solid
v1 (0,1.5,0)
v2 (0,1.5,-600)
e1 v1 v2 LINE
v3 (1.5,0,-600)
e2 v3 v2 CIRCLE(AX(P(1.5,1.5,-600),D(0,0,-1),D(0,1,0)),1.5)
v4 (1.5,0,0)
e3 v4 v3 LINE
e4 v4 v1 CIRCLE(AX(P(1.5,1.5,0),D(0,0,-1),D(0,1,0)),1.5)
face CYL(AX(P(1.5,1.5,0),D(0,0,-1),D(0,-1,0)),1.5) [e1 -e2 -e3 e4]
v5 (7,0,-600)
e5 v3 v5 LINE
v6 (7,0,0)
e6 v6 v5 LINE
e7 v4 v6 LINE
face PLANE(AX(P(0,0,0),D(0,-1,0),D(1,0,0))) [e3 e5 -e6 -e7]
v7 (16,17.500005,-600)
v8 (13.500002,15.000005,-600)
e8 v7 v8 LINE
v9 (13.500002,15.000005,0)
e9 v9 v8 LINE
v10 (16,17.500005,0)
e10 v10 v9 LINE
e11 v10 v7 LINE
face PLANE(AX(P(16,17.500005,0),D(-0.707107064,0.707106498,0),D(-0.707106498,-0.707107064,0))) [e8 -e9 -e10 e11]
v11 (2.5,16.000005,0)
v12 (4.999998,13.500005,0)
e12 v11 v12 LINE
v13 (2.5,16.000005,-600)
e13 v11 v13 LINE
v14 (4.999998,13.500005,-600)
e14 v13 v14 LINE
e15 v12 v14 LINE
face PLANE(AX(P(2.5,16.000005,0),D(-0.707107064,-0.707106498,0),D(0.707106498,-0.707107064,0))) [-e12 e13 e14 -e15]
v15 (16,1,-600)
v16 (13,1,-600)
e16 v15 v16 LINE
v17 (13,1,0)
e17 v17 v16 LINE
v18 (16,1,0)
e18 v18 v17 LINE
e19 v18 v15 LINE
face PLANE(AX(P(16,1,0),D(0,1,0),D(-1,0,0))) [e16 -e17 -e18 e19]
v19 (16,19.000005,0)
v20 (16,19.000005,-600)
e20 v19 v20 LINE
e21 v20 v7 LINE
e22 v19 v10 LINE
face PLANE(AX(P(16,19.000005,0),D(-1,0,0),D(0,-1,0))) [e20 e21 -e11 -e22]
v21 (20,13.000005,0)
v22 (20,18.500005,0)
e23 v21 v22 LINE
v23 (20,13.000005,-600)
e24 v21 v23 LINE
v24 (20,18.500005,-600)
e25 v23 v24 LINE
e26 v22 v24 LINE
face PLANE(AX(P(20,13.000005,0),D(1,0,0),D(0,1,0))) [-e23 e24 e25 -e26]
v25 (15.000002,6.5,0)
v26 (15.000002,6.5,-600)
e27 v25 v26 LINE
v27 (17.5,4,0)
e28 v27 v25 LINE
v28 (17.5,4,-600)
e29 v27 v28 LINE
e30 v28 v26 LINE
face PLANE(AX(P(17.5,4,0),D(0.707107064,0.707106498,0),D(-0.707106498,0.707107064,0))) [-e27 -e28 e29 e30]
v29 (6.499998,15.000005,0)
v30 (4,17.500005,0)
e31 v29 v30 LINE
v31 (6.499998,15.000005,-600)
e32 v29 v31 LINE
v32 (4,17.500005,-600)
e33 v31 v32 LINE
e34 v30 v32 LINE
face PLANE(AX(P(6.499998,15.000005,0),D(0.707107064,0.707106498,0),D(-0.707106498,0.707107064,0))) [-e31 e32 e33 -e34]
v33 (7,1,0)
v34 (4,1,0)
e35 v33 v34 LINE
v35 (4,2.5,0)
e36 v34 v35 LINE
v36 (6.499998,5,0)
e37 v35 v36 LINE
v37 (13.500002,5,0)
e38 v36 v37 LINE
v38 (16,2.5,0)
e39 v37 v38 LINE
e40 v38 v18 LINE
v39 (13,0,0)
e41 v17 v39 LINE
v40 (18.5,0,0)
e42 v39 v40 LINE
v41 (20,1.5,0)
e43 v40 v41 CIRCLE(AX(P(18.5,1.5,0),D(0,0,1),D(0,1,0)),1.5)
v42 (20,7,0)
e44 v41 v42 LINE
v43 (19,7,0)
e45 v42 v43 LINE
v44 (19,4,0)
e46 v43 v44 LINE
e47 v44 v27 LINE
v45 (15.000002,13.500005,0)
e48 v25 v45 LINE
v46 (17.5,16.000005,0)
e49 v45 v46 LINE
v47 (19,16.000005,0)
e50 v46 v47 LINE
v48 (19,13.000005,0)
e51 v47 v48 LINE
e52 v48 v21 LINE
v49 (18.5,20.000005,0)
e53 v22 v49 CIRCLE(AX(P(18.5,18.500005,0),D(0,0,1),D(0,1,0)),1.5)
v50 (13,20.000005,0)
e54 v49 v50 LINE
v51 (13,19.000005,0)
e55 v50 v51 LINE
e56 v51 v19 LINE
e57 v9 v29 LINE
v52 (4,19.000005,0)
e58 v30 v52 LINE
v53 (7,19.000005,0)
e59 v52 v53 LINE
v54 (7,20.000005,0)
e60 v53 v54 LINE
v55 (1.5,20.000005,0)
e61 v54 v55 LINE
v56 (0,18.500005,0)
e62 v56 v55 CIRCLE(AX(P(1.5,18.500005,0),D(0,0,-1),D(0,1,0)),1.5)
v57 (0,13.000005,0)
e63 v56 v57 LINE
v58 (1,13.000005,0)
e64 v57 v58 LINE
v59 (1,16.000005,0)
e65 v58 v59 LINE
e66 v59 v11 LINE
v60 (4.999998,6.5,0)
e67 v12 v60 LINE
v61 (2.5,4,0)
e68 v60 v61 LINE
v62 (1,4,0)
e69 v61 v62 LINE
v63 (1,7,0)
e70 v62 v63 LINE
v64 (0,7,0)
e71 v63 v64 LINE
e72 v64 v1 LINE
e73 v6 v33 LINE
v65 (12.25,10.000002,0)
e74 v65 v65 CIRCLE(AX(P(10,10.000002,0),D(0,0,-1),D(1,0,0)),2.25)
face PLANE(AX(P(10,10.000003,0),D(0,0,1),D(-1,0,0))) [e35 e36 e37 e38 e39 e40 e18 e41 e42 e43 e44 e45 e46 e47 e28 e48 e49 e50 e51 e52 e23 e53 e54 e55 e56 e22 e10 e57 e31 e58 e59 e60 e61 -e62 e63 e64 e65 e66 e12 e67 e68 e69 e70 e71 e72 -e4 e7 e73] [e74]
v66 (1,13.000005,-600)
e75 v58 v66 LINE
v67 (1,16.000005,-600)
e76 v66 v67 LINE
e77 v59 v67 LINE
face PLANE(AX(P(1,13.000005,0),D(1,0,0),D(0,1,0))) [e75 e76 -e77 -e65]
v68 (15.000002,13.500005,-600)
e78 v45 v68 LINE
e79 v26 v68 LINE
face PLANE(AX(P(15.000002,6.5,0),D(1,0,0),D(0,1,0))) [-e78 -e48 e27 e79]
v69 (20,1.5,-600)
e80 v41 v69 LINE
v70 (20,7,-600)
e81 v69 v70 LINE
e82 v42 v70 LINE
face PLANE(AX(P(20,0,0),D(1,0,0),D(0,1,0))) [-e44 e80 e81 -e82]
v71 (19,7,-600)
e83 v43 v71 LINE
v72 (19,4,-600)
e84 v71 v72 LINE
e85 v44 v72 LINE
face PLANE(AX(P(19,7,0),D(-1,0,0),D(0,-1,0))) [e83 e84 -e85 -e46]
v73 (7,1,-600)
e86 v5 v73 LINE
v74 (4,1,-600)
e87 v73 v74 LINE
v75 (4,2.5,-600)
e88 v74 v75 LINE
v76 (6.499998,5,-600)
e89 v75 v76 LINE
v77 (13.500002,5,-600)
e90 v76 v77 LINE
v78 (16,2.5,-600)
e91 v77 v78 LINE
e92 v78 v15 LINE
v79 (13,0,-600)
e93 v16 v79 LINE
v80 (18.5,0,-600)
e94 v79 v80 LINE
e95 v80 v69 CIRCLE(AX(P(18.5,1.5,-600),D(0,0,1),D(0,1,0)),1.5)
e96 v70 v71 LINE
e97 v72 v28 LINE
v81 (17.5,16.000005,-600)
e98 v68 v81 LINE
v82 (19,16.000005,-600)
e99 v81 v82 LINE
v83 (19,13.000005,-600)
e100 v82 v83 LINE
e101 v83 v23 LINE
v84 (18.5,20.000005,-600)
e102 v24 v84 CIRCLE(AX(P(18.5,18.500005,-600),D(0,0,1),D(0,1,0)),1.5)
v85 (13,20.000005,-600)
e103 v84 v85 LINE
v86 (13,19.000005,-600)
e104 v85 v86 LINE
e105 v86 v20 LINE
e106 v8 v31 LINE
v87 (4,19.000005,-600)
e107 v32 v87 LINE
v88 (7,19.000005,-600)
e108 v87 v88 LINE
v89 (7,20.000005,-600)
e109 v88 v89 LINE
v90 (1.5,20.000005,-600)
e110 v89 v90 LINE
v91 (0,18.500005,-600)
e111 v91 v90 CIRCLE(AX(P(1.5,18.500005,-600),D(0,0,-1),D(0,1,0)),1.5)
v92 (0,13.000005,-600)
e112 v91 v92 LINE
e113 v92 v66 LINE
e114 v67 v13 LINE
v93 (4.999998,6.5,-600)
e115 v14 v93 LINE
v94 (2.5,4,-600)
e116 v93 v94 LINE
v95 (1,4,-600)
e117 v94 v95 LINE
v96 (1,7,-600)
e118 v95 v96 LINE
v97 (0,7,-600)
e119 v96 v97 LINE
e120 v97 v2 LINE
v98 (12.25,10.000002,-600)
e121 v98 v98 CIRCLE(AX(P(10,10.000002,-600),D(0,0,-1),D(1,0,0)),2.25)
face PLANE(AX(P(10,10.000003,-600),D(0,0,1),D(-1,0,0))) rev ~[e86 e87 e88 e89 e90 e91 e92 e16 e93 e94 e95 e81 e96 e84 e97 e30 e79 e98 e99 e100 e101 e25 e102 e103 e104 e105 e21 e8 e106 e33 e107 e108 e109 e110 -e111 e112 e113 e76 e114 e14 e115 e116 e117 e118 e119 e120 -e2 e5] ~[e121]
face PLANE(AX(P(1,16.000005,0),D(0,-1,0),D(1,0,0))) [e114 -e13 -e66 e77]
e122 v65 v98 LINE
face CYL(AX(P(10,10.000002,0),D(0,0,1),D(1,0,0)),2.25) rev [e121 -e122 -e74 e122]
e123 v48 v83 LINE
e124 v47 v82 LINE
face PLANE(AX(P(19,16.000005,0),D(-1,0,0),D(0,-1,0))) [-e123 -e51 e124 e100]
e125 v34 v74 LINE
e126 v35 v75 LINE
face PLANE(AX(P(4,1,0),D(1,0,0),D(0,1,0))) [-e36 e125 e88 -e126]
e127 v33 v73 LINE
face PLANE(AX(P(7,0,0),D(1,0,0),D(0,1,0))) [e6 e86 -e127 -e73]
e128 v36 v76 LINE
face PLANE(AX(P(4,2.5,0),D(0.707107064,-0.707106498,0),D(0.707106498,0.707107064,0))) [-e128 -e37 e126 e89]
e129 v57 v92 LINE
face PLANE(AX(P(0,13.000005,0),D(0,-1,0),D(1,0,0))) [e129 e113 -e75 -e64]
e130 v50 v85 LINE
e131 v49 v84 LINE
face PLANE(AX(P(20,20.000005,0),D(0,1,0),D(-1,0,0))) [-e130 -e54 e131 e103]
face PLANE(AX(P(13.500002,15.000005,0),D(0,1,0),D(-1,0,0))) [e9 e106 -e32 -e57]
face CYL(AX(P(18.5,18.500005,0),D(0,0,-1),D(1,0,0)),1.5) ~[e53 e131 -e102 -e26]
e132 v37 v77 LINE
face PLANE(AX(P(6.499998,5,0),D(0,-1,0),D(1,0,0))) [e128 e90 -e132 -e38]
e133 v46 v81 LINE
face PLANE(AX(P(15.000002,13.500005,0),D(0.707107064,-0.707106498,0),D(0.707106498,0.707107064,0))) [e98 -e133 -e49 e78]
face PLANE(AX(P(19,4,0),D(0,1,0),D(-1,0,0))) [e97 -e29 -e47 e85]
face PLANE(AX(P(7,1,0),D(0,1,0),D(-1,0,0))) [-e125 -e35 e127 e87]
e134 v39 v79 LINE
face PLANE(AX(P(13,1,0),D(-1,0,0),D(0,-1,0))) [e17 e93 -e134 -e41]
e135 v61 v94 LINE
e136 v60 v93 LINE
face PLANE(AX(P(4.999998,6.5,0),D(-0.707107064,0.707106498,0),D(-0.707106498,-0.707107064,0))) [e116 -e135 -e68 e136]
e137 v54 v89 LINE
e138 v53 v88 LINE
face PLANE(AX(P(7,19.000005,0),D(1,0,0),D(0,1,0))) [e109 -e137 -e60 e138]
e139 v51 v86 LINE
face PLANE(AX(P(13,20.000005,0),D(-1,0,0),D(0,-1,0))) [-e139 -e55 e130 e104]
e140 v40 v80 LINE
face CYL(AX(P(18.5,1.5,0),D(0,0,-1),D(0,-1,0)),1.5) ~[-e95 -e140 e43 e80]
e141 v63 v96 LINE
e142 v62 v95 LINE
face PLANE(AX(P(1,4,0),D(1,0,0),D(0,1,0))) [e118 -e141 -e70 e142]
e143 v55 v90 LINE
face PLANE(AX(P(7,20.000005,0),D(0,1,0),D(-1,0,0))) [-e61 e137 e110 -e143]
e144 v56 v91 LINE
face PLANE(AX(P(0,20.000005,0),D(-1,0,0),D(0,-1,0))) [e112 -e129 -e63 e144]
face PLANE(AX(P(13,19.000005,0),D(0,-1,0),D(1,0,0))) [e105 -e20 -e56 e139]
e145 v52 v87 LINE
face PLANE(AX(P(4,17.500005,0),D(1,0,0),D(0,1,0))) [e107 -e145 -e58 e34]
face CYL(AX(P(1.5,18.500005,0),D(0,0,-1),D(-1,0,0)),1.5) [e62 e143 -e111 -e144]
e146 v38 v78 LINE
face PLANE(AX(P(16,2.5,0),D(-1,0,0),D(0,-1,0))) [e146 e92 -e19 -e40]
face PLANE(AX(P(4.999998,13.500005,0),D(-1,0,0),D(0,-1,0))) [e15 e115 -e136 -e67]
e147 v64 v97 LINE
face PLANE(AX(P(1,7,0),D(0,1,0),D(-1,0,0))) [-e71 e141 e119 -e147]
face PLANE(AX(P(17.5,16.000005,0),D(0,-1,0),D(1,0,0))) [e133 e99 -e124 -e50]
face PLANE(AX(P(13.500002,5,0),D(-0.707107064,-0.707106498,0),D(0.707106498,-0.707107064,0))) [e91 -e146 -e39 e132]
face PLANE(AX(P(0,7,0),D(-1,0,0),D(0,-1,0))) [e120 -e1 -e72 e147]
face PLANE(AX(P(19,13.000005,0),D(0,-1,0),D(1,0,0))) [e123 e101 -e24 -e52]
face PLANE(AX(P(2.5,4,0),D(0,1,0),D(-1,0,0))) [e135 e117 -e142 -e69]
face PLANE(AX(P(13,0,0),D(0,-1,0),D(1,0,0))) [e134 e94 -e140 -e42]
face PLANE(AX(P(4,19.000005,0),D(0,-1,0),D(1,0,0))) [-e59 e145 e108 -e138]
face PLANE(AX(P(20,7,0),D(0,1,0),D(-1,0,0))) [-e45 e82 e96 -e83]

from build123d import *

# Parameters (mm, degrees)
SKETCH_R  = 2.25
PAD_DEPTH = 600
FILLET_R  = 1.5


with BuildPart() as part:
    # Sketch → Pad (new body)
    with BuildSketch(Plane(origin=(0, 0, 0), x_dir=(1, 0, 0), z_dir=(0, 0, -1))):
        Polygon((7, 0), (7, -1), (4, -1), (4, -2.5), (6.499998, -5), (13.500002, -5), (16, -2.5), (16, -1), (13, -1), (13, 0), (20, 0), (20, -7), (19, -7), (19, -4), (17.5, -4), (15.000002, -6.5), (15.000002, -13.500005), (17.5, -16.000005), (19, -16.000005), (19, -13.000005), (20, -13.000005), (20, -20.000005), (13, -20.000005), (13, -19.000005), (16, -19.000005), (16, -17.500005), (13.500002, -15.000005), (6.499998, -15.000005), (4, -17.500005), (4, -19.000005), (7, -19.000005), (7, -20.000005), (0, -20.000005), (0, -13.000005), (1, -13.000005), (1, -16.000005), (2.5, -16.000005), (4.999998, -13.500005), (4.999998, -6.5), (2.5, -4), (1, -4), (1, -7), (0, -7), (0, 0), align=None)
        with Locations((10, -10.000002)):
            Circle(SKETCH_R, mode=Mode.SUBTRACT)
    extrude(amount=PAD_DEPTH)

    # Fillet
    fillet_edges = [part.edges().sort_by_distance(p)[0] for p in [
        (20, 20.000005, -300),
        (20, 0, -300),
        (0, 20.000005, -300),
        (0, 0, -300),
    ]]
    fillet(fillet_edges, radius=FILLET_R)


solid = part.part
